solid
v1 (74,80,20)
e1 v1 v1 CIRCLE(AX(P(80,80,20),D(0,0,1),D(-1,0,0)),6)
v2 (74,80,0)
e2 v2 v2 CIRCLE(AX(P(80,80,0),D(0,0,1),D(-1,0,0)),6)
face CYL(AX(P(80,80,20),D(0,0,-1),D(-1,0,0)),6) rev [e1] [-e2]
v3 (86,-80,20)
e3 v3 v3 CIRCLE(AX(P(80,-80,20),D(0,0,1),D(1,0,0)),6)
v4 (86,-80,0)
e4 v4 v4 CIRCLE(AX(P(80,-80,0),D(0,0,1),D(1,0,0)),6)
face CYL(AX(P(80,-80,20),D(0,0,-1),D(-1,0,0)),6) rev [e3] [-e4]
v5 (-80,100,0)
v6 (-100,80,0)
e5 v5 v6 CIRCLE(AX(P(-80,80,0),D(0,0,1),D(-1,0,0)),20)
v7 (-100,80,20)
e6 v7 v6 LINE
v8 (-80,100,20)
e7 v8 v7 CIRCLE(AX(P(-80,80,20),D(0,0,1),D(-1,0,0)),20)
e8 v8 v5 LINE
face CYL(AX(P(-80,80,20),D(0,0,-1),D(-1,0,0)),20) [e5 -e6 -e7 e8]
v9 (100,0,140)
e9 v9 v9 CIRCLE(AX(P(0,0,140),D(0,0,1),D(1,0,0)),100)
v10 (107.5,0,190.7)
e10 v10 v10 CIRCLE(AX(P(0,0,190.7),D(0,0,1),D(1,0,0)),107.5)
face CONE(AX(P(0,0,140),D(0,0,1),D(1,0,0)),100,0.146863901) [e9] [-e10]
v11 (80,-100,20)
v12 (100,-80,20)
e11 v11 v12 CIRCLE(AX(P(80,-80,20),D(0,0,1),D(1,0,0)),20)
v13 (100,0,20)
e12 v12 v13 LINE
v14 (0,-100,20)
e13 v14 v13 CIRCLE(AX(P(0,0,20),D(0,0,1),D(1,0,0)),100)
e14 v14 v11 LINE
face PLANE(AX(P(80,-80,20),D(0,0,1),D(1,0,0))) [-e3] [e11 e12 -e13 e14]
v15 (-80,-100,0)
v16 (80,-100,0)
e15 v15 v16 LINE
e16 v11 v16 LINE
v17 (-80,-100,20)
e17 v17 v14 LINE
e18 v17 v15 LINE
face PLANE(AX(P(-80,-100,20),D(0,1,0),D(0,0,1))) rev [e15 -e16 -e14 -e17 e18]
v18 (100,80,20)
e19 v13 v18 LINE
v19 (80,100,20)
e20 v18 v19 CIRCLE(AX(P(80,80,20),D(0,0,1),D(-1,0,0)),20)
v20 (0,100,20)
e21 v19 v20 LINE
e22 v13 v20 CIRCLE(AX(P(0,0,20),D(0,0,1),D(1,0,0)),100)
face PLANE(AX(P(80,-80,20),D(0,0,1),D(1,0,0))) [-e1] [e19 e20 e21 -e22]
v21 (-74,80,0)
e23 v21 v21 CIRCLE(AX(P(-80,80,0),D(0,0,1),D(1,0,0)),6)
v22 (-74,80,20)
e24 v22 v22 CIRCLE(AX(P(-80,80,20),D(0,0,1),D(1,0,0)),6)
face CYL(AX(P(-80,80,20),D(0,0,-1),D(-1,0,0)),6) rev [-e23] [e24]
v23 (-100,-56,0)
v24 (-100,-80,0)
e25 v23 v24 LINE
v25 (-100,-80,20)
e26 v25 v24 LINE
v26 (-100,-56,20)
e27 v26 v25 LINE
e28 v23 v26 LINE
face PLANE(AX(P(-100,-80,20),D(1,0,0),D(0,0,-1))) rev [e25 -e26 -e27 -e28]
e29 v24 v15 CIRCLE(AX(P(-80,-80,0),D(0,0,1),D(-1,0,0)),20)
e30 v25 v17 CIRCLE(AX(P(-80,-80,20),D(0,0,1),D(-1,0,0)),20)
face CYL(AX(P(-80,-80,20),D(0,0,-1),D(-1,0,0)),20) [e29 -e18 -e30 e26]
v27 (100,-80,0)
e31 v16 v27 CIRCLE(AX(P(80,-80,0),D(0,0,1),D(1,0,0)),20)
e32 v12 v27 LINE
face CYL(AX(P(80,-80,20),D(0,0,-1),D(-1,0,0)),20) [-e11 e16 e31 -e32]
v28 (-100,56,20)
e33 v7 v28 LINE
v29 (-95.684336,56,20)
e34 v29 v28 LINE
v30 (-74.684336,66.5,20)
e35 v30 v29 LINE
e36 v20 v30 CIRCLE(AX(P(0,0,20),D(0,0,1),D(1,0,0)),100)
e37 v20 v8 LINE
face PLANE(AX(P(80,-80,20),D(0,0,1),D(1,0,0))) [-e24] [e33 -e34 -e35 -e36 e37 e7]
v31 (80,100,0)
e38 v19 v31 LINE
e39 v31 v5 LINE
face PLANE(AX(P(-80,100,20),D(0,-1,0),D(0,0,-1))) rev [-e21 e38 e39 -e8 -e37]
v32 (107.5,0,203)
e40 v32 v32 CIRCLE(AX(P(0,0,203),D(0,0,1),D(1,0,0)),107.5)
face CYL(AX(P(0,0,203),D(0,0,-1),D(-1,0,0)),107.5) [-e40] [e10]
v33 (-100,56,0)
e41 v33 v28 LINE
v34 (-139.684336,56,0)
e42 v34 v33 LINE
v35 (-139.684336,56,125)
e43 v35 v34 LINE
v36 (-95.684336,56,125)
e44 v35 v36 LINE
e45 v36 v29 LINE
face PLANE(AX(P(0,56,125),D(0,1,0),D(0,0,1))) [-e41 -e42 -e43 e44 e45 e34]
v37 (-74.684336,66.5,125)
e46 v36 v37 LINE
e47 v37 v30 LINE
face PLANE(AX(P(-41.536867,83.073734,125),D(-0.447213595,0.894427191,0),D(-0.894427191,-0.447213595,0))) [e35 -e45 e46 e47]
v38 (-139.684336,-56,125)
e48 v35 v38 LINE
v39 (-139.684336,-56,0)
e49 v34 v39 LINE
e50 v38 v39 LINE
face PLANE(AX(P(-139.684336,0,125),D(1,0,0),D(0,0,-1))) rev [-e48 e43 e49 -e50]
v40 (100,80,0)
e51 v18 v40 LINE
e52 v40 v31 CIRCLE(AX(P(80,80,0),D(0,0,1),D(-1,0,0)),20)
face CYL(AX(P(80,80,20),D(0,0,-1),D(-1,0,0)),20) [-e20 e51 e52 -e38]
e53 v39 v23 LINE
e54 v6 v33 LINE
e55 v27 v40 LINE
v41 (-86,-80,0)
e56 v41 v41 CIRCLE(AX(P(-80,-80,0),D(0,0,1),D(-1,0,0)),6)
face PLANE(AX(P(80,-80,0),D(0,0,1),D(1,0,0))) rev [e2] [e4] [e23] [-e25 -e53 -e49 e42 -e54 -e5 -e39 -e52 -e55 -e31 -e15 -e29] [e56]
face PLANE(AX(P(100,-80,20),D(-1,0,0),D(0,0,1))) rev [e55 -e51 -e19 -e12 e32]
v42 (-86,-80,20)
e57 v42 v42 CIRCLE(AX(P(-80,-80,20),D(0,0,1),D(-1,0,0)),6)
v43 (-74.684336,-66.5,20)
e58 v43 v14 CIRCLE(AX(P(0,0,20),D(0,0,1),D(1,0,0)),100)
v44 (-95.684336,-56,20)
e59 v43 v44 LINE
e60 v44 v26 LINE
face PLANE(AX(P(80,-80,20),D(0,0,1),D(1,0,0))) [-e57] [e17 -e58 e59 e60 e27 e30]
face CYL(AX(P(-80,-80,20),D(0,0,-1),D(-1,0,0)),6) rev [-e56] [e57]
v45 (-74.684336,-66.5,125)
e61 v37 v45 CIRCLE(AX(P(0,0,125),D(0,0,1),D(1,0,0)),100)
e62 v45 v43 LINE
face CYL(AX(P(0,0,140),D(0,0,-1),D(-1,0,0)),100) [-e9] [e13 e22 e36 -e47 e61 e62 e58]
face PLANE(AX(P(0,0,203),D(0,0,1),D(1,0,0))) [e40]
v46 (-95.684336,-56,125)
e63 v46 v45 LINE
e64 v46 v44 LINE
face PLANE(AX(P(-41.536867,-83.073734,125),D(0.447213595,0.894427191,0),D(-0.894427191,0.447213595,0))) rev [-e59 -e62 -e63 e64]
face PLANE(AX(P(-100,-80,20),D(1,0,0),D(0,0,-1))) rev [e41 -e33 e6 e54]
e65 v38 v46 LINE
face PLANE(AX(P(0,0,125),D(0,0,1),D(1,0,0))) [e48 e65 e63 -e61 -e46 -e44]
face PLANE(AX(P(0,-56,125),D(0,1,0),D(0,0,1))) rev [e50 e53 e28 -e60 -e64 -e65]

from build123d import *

# Parameters (mm, degrees)
SCHIZZO1_R                  = 6
PIASTRABASE_DEPTH           = 20
SCHIZZO2_R                  = 100
CORPOCILINDRICO_DEPTH       = 120
SCHIZZO3_R                  = 107.5
SCHIZZO4_R                  = 107.5
CORPOCILINDRICOFINALE_DEPTH = 12.3
PANNELLOCOMANDI_DEPTH       = 125


with BuildPart() as part:
    # Schizzo1 → PiastraBase (new body)
    with BuildSketch(Plane.XY):
        with BuildLine():
            Line((-80, -100), (80, -100))
            ThreePointArc((80, -100), (94.142135624, -94.142135624), (100, -80))
            Line((100, -80), (100, 80))
            ThreePointArc((100, 80), (94.142135624, 94.142135624), (80, 100))
            Line((80, 100), (-80, 100))
            ThreePointArc((-80, 100), (-94.142135624, 94.142135624), (-100, 80))
            Line((-100, 80), (-100, -80))
            ThreePointArc((-100, -80), (-94.142135624, -94.142135624), (-80, -100))
        make_face()
        with Locations((-80, 80)):
            Circle(SCHIZZO1_R, mode=Mode.SUBTRACT)
        with Locations(Location((-80, -80, 0), (0, 0, 180))):
            Circle(SCHIZZO1_R, mode=Mode.SUBTRACT)
        with Locations((80, -80)):
            Circle(SCHIZZO1_R, mode=Mode.SUBTRACT)
        with Locations(Location((80, 80, 0), (0, 0, 180))):
            Circle(SCHIZZO1_R, mode=Mode.SUBTRACT)
    extrude(amount=PIASTRABASE_DEPTH)

    # Schizzo2 → CorpoCilindrico (add)
    with BuildSketch(Plane.XY.offset(20)):
        Circle(SCHIZZO2_R)
    extrude(amount=CORPOCILINDRICO_DEPTH)

    # Schizzo3 → section 1 of loftcentrale
    with BuildSketch(Plane.XY.offset(190.7), mode=Mode.PRIVATE) as loftcentrale_s1:
        Circle(SCHIZZO3_R)
    # loft up to a face of the part (loftcentrale)
    loft([Face(Wire([part.edges().sort_by_distance((-68.454710593, 72.896862742, 140))[0]])), loftcentrale_s1.sketch])

    # Schizzo4 → CorpoCilindricoFinale (add)
    with BuildSketch(Plane.XY.offset(190.7)):
        Circle(SCHIZZO4_R)
    extrude(amount=CORPOCILINDRICOFINALE_DEPTH)

    # Schizzo5 → PannelloComandi (add)
    with BuildSketch(Plane.XY):
        with BuildLine():
            Line((-95.684335707, 56), (-139.684335707, 56))
            Line((-139.684335707, 56), (-139.684335707, -56))
            Line((-139.684335707, -56), (-95.684335707, -56))
            Line((-95.684335707, -56), (-74.684335707, -66.5))
            ThreePointArc((-74.684335707, -66.5), (-93.45703176, -35.577847246), (-100, 0))
            ThreePointArc((-100, 0), (-93.45703176, 35.577847246), (-74.684335707, 66.5))
            Line((-74.684335707, 66.5), (-95.684335707, 56))
        make_face()
    extrude(amount=PANNELLOCOMANDI_DEPTH)


solid = part.part
